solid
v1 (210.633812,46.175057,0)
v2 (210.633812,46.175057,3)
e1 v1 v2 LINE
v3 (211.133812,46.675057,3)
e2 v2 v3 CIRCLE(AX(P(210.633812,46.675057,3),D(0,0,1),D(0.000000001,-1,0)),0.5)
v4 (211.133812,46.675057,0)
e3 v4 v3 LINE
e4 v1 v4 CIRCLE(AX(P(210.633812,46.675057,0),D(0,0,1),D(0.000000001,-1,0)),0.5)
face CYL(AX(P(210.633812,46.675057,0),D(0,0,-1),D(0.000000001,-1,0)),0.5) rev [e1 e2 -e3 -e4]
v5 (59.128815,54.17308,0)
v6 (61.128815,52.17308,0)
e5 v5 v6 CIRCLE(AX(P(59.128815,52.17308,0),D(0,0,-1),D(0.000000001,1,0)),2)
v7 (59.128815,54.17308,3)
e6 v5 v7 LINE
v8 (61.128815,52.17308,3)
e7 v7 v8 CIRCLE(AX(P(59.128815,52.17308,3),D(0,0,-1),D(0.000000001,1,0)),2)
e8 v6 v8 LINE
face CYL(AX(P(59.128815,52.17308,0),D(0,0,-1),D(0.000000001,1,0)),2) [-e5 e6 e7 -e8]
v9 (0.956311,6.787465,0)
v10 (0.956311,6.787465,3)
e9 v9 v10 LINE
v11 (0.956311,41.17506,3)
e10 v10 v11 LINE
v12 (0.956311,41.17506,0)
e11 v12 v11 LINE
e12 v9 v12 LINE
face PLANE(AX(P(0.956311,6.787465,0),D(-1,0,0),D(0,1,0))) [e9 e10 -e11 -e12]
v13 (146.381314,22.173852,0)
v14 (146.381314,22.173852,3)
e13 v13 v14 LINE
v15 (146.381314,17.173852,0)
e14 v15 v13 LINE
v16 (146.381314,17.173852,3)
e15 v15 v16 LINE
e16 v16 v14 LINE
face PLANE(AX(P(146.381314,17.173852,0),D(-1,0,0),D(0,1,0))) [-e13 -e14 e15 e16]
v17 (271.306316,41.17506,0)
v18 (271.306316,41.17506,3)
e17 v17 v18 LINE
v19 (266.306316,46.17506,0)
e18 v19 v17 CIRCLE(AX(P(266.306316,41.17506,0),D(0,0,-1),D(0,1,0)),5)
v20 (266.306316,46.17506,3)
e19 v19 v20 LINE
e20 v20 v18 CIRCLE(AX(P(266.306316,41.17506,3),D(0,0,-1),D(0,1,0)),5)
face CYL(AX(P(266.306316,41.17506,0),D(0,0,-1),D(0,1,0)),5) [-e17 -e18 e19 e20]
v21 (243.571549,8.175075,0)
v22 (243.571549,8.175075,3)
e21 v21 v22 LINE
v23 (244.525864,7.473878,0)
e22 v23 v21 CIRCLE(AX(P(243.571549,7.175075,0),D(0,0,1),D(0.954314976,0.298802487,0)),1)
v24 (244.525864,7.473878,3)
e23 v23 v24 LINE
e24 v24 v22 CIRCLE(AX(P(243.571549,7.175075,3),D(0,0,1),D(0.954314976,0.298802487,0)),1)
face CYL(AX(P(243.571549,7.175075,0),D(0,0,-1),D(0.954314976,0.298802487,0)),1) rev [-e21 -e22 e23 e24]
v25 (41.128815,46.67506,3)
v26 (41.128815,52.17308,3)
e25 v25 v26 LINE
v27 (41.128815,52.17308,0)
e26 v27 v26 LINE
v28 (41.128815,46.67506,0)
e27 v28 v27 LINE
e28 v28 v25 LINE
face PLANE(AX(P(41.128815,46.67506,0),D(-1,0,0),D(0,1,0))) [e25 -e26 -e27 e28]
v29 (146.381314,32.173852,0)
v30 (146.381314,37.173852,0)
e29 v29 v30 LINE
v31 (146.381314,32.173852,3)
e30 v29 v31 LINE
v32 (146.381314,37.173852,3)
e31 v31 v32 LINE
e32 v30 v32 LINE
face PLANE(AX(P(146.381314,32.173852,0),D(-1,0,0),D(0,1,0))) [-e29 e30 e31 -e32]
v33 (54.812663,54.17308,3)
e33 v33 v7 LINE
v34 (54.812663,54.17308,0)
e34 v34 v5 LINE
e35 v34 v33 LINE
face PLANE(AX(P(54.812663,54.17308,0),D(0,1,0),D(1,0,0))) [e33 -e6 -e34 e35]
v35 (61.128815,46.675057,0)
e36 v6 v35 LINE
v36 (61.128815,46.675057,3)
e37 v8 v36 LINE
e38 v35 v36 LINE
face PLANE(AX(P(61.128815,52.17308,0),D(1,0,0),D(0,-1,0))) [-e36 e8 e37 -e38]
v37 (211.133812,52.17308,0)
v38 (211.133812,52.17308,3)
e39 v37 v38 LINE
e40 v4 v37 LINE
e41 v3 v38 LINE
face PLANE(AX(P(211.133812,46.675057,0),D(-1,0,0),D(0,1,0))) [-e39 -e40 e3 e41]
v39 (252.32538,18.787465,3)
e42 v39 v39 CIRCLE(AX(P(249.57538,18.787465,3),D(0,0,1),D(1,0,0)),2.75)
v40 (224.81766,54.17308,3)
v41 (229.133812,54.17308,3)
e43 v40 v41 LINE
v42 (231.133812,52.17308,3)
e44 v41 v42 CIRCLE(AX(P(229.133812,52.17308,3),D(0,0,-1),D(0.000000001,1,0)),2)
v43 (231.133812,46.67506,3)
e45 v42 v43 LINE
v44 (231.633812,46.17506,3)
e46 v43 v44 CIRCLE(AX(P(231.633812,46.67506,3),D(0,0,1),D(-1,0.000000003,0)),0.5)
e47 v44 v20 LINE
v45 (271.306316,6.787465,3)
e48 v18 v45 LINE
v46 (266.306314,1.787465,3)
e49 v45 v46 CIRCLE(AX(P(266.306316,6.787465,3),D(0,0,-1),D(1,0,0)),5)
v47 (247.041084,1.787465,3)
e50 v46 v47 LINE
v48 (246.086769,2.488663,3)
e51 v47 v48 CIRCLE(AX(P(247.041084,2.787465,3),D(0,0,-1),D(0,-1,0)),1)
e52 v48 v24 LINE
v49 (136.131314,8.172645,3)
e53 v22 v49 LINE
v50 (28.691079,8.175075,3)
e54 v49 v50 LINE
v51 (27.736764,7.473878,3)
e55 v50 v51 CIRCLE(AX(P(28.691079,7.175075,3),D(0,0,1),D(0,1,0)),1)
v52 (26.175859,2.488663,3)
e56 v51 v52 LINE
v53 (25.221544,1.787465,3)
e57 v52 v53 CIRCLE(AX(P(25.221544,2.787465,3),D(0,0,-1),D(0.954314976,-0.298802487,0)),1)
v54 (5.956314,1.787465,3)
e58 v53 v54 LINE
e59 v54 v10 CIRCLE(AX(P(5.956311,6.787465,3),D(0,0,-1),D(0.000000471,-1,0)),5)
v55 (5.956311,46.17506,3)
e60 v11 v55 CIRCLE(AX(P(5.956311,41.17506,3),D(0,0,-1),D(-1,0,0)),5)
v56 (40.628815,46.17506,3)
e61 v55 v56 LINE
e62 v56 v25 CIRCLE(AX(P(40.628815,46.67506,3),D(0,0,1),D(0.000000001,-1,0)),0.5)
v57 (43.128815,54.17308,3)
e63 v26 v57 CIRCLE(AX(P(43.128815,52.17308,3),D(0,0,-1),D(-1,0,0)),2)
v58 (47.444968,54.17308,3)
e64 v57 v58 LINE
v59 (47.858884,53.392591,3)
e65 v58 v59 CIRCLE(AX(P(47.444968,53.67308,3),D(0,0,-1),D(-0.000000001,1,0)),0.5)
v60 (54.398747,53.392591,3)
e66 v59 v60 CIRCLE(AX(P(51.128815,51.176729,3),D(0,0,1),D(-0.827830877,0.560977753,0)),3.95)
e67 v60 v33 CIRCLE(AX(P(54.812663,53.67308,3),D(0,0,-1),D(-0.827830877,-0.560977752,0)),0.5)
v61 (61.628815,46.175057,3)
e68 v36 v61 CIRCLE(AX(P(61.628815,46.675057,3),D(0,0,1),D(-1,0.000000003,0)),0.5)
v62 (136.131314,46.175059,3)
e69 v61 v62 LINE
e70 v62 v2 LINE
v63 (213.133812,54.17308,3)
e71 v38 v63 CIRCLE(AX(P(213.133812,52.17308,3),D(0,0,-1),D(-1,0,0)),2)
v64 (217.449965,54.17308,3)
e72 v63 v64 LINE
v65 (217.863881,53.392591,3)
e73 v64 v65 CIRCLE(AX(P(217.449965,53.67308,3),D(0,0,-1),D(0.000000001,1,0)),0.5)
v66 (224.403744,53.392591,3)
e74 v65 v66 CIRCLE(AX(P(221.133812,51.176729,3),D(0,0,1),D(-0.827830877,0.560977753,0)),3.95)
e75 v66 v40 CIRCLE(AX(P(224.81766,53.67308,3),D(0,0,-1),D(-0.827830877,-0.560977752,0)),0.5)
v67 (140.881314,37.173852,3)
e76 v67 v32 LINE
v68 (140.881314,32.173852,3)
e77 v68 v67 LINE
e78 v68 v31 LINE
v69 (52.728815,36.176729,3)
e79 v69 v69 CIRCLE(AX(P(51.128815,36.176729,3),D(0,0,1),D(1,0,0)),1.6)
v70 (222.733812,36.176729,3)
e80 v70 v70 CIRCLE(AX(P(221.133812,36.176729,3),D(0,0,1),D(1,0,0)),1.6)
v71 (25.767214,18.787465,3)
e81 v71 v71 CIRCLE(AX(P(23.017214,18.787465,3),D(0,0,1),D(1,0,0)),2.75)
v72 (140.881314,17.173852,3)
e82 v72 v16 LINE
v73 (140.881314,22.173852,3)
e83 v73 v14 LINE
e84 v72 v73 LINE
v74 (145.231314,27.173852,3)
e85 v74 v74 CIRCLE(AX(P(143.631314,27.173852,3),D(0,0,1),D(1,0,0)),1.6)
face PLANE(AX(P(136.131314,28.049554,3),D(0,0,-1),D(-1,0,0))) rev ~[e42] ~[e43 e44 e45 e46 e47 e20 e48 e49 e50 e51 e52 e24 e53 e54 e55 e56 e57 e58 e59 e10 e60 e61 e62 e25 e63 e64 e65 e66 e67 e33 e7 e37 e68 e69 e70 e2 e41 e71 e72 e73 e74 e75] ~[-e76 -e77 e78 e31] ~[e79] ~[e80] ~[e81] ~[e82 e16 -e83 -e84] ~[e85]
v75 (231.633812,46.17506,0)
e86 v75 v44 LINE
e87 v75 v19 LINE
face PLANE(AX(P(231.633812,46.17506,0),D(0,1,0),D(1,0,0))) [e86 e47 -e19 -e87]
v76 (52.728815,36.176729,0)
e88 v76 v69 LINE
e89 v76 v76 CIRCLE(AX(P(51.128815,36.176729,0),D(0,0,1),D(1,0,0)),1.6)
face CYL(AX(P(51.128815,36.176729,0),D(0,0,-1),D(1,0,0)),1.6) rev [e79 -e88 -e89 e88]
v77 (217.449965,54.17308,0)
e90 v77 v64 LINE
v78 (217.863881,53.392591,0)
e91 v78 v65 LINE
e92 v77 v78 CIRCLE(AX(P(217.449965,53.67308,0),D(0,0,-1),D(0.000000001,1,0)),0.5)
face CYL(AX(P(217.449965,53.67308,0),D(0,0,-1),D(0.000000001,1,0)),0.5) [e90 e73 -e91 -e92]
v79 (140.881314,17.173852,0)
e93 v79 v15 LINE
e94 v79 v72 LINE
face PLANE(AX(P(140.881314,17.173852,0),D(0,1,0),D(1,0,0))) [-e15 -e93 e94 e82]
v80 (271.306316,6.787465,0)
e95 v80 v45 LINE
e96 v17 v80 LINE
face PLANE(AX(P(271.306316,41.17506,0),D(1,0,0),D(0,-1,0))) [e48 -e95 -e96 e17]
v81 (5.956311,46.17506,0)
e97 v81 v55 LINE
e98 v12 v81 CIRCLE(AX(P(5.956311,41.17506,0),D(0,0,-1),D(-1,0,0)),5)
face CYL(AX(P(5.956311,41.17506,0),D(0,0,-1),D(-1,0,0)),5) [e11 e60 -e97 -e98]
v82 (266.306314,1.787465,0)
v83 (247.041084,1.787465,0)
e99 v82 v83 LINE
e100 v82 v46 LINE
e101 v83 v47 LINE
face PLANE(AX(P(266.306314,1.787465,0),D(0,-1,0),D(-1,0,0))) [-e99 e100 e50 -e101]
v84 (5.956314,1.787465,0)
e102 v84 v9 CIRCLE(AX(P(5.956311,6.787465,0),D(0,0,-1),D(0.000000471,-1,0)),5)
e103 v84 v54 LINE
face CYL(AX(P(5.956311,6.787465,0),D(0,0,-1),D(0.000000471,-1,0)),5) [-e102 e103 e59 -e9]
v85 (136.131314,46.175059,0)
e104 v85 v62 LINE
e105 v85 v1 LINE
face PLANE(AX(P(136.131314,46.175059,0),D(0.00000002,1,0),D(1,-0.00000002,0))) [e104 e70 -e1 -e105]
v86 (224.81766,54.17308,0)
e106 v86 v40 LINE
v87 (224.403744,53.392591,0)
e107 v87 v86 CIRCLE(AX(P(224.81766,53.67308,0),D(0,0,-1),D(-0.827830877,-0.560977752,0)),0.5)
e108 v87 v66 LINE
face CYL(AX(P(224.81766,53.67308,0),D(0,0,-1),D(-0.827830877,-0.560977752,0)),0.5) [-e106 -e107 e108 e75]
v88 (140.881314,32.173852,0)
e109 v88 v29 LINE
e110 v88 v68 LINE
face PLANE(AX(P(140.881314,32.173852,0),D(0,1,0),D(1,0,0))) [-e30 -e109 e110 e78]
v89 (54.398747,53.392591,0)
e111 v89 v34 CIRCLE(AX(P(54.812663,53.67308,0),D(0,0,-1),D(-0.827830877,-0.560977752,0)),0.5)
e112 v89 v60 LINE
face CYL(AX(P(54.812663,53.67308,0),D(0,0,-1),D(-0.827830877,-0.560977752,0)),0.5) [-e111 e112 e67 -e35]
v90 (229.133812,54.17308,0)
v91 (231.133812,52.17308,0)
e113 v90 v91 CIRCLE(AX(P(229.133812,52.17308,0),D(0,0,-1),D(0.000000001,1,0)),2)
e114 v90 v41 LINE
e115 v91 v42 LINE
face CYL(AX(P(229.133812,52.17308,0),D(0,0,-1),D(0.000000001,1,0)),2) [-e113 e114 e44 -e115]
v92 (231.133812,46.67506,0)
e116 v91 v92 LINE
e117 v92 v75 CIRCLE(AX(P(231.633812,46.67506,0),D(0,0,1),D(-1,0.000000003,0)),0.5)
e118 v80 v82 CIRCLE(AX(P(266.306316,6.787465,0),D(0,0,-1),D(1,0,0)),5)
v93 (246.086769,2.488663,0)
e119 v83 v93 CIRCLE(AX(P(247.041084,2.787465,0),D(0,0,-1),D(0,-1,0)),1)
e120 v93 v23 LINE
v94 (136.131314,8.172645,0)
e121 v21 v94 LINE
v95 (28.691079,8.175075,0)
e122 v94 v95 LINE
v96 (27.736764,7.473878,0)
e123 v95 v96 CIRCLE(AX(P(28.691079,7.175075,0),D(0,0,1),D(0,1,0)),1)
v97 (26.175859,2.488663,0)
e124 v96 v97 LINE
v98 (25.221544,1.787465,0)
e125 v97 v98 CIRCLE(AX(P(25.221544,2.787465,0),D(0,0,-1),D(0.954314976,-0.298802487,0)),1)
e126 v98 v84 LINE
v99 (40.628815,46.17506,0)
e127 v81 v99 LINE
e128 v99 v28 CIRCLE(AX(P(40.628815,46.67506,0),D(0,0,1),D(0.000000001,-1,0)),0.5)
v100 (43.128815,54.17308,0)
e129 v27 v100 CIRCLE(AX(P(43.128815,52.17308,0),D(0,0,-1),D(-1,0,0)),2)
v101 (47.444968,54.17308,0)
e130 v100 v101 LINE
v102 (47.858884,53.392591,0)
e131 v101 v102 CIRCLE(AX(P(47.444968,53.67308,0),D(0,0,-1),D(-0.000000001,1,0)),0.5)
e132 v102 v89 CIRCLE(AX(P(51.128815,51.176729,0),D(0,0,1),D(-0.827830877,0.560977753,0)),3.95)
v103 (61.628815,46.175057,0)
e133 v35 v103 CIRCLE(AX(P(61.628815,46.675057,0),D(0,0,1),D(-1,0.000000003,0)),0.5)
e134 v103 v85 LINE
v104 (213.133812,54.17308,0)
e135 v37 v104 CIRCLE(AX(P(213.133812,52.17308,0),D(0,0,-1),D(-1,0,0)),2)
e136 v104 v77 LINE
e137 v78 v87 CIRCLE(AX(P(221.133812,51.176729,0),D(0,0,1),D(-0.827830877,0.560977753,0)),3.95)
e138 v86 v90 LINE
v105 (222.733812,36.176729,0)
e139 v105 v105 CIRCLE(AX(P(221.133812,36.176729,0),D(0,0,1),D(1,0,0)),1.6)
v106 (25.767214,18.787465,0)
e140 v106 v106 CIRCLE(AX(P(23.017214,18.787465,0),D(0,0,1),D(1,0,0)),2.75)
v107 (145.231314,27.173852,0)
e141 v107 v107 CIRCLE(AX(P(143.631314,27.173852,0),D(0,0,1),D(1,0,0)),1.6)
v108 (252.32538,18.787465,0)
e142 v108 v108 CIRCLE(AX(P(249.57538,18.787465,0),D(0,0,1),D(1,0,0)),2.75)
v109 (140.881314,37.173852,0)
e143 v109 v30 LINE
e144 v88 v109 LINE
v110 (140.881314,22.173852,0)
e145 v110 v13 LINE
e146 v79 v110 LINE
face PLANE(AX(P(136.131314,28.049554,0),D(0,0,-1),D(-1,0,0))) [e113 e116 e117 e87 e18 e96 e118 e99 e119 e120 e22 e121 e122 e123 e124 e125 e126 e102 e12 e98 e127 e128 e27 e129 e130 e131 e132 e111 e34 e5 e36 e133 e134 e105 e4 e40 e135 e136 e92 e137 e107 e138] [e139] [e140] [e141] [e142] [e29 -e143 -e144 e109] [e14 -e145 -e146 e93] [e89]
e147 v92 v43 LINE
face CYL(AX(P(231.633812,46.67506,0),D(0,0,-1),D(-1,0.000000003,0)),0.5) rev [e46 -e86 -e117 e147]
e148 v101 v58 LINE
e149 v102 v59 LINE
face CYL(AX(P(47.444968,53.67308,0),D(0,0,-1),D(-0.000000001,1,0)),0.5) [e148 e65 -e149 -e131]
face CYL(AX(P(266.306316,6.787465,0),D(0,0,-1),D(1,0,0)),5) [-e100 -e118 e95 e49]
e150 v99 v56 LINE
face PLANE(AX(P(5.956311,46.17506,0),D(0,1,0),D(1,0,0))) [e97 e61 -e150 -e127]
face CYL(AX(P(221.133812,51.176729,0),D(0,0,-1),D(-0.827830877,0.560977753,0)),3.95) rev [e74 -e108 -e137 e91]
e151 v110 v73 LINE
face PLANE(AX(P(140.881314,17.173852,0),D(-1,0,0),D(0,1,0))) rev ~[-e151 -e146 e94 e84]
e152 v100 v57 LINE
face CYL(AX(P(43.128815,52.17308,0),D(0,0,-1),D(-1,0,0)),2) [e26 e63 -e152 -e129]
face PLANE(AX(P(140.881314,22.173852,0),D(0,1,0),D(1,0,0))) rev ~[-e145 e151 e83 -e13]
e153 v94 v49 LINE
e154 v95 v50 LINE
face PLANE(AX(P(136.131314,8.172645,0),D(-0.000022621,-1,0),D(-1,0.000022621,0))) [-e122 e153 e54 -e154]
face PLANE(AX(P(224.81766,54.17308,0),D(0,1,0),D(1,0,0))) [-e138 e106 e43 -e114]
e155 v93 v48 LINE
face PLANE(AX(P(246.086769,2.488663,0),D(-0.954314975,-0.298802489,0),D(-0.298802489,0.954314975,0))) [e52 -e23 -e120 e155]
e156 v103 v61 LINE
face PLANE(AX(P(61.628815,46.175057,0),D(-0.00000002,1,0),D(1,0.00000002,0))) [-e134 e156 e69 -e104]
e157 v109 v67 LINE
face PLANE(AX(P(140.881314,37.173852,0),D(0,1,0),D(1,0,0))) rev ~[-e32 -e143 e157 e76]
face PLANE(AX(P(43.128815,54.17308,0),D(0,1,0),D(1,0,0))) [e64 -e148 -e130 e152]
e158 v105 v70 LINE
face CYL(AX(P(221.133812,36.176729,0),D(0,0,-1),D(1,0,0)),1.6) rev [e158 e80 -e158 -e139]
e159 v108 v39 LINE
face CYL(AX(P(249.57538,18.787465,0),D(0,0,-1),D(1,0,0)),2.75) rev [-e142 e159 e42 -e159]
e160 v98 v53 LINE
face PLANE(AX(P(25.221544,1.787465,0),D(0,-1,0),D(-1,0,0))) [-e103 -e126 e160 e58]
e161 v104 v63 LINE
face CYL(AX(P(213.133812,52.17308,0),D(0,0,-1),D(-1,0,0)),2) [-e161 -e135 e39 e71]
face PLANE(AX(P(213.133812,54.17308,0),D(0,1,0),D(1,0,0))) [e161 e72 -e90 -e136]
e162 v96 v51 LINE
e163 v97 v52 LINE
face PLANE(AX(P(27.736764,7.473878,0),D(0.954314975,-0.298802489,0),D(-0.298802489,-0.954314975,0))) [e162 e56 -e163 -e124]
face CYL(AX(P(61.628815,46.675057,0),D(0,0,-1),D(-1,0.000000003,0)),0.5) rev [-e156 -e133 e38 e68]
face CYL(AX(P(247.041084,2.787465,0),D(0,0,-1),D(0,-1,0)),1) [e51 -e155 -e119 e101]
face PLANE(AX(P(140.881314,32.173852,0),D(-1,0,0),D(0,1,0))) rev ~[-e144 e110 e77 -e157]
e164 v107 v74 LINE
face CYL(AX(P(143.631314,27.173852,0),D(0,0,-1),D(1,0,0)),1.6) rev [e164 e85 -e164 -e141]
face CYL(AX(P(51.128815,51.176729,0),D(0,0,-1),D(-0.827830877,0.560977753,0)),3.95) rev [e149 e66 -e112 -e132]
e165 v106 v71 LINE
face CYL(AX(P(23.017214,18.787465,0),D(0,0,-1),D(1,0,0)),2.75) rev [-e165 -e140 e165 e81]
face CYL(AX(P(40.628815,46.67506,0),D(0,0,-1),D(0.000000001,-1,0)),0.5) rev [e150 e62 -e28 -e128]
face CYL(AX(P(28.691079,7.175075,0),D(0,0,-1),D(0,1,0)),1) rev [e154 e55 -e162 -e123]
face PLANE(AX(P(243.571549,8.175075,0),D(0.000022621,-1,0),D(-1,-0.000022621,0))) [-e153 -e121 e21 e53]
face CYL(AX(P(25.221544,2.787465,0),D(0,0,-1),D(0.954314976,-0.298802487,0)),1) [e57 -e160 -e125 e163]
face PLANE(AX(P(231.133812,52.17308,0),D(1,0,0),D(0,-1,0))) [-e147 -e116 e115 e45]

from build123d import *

# Parameters (mm, degrees)
MODEL_R                 = 1.6
MODEL_R_2               = 2.75
MODEL_W                 = 5.5
MODEL_H                 = 5
SALIENTE_EXTRUIR1_DEPTH = 3


with BuildPart() as part:
    # Model → Saliente-Extruir1 (new body)
    with BuildSketch(Plane.XY):
        with BuildLine():
            Line((136.131313967, 8.172644832), (28.691078747, 8.175075185))
            ThreePointArc((28.691078747, 8.175075185), (28.098964944, 7.980929542), (27.736763771, 7.473877674))
            Line((27.736763771, 7.473877674), (26.175859161, 2.488662696))
            ThreePointArc((26.175859161, 2.488662696), (25.813657989, 1.981610828), (25.221544186, 1.787465185))
            Line((25.221544186, 1.787465185), (5.956313823, 1.787465185))
            ThreePointArc((5.956313823, 1.787465185), (2.420778394, 3.251930446), (0.956311467, 6.787465185))
            Line((0.956311467, 6.787465185), (0.956311467, 41.175060185))
            ThreePointArc((0.956311467, 41.175060185), (2.420777561, 44.710594091), (5.956311467, 46.175060185))
            Line((5.956311467, 46.175060185), (10.956311467, 46.175060185))
            Line((10.956311467, 46.175060185), (40.628815467, 46.175060185))
            ThreePointArc((40.628815467, 46.175060185), (40.982368857, 46.321506794), (41.128815467, 46.675060185))
            Line((41.128815467, 46.675060185), (41.128815467, 52.173080185))
            ThreePointArc((41.128815467, 52.173080185), (41.714601904, 53.587293747), (43.128815467, 54.173080185))
            Line((43.128815467, 54.173080185), (47.444968064, 54.173080185))
            ThreePointArc((47.444968064, 54.173080185), (47.886694472, 53.907340256), (47.858883503, 53.392591309))
            ThreePointArc((47.858883503, 53.392591309), (51.128815467, 47.226729185), (54.39874743, 53.392591309))
            ThreePointArc((54.39874743, 53.392591309), (54.370936461, 53.907340256), (54.812662869, 54.173080185))
            Line((54.812662869, 54.173080185), (59.128815467, 54.173080185))
            ThreePointArc((59.128815467, 54.173080185), (60.543029029, 53.587293747), (61.128815467, 52.173080185))
            Line((61.128815467, 52.173080185), (61.128815467, 46.675057185))
            ThreePointArc((61.128815467, 46.675057185), (61.275262076, 46.321503794), (61.628815467, 46.175057185))
            Line((61.628815467, 46.175057185), (136.131313967, 46.175058685))
            Line((136.131313967, 46.175058685), (210.633812467, 46.175057185))
            ThreePointArc((210.633812467, 46.175057185), (210.987365857, 46.321503794), (211.133812467, 46.675057185))
            Line((211.133812467, 46.675057185), (211.133812467, 52.173080185))
            ThreePointArc((211.133812467, 52.173080185), (211.719598904, 53.587293747), (213.133812467, 54.173080185))
            Line((213.133812467, 54.173080185), (217.449965065, 54.173080185))
            ThreePointArc((217.449965065, 54.173080185), (217.891691472, 53.907340256), (217.863880503, 53.392591309))
            ThreePointArc((217.863880503, 53.392591309), (221.133812467, 47.226729185), (224.403744431, 53.392591309))
            ThreePointArc((224.403744431, 53.392591309), (224.375933462, 53.907340256), (224.81765987, 54.173080185))
            Line((224.81765987, 54.173080185), (229.133812467, 54.173080185))
            ThreePointArc((229.133812467, 54.173080185), (230.548026029, 53.587293747), (231.133812467, 52.173080185))
            Line((231.133812467, 52.173080185), (231.133812467, 46.675060185))
            ThreePointArc((231.133812467, 46.675060185), (231.280259076, 46.321506794), (231.633812467, 46.175060185))
            Line((231.633812467, 46.175060185), (261.306316467, 46.175060185))
            Line((261.306316467, 46.175060185), (266.306316467, 46.175060185))
            ThreePointArc((266.306316467, 46.175060185), (269.841850373, 44.710594091), (271.306316467, 41.175060185))
            Line((271.306316467, 41.175060185), (271.306316467, 6.787465185))
            ThreePointArc((271.306316467, 6.787465185), (269.84184954, 3.251930446), (266.306314111, 1.787465185))
            Line((266.306314111, 1.787465185), (247.041083748, 1.787465185))
            ThreePointArc((247.041083748, 1.787465185), (246.448969945, 1.981610828), (246.086768772, 2.488662696))
            Line((246.086768772, 2.488662696), (244.525864162, 7.473877674))
            ThreePointArc((244.525864162, 7.473877674), (244.16366299, 7.980929542), (243.571549187, 8.175075185))
            Line((243.571549187, 8.175075185), (136.131313967, 8.172644832))
        make_face()
        with Locations((51.128815467, 36.176729185)):
            Circle(MODEL_R, mode=Mode.SUBTRACT)
        with Locations((221.133812467, 36.176729185)):
            Circle(MODEL_R, mode=Mode.SUBTRACT)
        with Locations((143.631313967, 27.173851758)):
            Circle(MODEL_R, mode=Mode.SUBTRACT)
        with Locations((23.017213967, 18.787465185)):
            Circle(MODEL_R_2, mode=Mode.SUBTRACT)
        with Locations((249.575379967, 18.787465185)):
            Circle(MODEL_R_2, mode=Mode.SUBTRACT)
        with Locations((143.631313967, 34.673851758)):
            Rectangle(MODEL_W, MODEL_H, mode=Mode.SUBTRACT)
        with Locations((143.631313967, 19.673851758)):
            Rectangle(MODEL_W, MODEL_H, mode=Mode.SUBTRACT)
    extrude(amount=SALIENTE_EXTRUIR1_DEPTH)


solid = part.part
